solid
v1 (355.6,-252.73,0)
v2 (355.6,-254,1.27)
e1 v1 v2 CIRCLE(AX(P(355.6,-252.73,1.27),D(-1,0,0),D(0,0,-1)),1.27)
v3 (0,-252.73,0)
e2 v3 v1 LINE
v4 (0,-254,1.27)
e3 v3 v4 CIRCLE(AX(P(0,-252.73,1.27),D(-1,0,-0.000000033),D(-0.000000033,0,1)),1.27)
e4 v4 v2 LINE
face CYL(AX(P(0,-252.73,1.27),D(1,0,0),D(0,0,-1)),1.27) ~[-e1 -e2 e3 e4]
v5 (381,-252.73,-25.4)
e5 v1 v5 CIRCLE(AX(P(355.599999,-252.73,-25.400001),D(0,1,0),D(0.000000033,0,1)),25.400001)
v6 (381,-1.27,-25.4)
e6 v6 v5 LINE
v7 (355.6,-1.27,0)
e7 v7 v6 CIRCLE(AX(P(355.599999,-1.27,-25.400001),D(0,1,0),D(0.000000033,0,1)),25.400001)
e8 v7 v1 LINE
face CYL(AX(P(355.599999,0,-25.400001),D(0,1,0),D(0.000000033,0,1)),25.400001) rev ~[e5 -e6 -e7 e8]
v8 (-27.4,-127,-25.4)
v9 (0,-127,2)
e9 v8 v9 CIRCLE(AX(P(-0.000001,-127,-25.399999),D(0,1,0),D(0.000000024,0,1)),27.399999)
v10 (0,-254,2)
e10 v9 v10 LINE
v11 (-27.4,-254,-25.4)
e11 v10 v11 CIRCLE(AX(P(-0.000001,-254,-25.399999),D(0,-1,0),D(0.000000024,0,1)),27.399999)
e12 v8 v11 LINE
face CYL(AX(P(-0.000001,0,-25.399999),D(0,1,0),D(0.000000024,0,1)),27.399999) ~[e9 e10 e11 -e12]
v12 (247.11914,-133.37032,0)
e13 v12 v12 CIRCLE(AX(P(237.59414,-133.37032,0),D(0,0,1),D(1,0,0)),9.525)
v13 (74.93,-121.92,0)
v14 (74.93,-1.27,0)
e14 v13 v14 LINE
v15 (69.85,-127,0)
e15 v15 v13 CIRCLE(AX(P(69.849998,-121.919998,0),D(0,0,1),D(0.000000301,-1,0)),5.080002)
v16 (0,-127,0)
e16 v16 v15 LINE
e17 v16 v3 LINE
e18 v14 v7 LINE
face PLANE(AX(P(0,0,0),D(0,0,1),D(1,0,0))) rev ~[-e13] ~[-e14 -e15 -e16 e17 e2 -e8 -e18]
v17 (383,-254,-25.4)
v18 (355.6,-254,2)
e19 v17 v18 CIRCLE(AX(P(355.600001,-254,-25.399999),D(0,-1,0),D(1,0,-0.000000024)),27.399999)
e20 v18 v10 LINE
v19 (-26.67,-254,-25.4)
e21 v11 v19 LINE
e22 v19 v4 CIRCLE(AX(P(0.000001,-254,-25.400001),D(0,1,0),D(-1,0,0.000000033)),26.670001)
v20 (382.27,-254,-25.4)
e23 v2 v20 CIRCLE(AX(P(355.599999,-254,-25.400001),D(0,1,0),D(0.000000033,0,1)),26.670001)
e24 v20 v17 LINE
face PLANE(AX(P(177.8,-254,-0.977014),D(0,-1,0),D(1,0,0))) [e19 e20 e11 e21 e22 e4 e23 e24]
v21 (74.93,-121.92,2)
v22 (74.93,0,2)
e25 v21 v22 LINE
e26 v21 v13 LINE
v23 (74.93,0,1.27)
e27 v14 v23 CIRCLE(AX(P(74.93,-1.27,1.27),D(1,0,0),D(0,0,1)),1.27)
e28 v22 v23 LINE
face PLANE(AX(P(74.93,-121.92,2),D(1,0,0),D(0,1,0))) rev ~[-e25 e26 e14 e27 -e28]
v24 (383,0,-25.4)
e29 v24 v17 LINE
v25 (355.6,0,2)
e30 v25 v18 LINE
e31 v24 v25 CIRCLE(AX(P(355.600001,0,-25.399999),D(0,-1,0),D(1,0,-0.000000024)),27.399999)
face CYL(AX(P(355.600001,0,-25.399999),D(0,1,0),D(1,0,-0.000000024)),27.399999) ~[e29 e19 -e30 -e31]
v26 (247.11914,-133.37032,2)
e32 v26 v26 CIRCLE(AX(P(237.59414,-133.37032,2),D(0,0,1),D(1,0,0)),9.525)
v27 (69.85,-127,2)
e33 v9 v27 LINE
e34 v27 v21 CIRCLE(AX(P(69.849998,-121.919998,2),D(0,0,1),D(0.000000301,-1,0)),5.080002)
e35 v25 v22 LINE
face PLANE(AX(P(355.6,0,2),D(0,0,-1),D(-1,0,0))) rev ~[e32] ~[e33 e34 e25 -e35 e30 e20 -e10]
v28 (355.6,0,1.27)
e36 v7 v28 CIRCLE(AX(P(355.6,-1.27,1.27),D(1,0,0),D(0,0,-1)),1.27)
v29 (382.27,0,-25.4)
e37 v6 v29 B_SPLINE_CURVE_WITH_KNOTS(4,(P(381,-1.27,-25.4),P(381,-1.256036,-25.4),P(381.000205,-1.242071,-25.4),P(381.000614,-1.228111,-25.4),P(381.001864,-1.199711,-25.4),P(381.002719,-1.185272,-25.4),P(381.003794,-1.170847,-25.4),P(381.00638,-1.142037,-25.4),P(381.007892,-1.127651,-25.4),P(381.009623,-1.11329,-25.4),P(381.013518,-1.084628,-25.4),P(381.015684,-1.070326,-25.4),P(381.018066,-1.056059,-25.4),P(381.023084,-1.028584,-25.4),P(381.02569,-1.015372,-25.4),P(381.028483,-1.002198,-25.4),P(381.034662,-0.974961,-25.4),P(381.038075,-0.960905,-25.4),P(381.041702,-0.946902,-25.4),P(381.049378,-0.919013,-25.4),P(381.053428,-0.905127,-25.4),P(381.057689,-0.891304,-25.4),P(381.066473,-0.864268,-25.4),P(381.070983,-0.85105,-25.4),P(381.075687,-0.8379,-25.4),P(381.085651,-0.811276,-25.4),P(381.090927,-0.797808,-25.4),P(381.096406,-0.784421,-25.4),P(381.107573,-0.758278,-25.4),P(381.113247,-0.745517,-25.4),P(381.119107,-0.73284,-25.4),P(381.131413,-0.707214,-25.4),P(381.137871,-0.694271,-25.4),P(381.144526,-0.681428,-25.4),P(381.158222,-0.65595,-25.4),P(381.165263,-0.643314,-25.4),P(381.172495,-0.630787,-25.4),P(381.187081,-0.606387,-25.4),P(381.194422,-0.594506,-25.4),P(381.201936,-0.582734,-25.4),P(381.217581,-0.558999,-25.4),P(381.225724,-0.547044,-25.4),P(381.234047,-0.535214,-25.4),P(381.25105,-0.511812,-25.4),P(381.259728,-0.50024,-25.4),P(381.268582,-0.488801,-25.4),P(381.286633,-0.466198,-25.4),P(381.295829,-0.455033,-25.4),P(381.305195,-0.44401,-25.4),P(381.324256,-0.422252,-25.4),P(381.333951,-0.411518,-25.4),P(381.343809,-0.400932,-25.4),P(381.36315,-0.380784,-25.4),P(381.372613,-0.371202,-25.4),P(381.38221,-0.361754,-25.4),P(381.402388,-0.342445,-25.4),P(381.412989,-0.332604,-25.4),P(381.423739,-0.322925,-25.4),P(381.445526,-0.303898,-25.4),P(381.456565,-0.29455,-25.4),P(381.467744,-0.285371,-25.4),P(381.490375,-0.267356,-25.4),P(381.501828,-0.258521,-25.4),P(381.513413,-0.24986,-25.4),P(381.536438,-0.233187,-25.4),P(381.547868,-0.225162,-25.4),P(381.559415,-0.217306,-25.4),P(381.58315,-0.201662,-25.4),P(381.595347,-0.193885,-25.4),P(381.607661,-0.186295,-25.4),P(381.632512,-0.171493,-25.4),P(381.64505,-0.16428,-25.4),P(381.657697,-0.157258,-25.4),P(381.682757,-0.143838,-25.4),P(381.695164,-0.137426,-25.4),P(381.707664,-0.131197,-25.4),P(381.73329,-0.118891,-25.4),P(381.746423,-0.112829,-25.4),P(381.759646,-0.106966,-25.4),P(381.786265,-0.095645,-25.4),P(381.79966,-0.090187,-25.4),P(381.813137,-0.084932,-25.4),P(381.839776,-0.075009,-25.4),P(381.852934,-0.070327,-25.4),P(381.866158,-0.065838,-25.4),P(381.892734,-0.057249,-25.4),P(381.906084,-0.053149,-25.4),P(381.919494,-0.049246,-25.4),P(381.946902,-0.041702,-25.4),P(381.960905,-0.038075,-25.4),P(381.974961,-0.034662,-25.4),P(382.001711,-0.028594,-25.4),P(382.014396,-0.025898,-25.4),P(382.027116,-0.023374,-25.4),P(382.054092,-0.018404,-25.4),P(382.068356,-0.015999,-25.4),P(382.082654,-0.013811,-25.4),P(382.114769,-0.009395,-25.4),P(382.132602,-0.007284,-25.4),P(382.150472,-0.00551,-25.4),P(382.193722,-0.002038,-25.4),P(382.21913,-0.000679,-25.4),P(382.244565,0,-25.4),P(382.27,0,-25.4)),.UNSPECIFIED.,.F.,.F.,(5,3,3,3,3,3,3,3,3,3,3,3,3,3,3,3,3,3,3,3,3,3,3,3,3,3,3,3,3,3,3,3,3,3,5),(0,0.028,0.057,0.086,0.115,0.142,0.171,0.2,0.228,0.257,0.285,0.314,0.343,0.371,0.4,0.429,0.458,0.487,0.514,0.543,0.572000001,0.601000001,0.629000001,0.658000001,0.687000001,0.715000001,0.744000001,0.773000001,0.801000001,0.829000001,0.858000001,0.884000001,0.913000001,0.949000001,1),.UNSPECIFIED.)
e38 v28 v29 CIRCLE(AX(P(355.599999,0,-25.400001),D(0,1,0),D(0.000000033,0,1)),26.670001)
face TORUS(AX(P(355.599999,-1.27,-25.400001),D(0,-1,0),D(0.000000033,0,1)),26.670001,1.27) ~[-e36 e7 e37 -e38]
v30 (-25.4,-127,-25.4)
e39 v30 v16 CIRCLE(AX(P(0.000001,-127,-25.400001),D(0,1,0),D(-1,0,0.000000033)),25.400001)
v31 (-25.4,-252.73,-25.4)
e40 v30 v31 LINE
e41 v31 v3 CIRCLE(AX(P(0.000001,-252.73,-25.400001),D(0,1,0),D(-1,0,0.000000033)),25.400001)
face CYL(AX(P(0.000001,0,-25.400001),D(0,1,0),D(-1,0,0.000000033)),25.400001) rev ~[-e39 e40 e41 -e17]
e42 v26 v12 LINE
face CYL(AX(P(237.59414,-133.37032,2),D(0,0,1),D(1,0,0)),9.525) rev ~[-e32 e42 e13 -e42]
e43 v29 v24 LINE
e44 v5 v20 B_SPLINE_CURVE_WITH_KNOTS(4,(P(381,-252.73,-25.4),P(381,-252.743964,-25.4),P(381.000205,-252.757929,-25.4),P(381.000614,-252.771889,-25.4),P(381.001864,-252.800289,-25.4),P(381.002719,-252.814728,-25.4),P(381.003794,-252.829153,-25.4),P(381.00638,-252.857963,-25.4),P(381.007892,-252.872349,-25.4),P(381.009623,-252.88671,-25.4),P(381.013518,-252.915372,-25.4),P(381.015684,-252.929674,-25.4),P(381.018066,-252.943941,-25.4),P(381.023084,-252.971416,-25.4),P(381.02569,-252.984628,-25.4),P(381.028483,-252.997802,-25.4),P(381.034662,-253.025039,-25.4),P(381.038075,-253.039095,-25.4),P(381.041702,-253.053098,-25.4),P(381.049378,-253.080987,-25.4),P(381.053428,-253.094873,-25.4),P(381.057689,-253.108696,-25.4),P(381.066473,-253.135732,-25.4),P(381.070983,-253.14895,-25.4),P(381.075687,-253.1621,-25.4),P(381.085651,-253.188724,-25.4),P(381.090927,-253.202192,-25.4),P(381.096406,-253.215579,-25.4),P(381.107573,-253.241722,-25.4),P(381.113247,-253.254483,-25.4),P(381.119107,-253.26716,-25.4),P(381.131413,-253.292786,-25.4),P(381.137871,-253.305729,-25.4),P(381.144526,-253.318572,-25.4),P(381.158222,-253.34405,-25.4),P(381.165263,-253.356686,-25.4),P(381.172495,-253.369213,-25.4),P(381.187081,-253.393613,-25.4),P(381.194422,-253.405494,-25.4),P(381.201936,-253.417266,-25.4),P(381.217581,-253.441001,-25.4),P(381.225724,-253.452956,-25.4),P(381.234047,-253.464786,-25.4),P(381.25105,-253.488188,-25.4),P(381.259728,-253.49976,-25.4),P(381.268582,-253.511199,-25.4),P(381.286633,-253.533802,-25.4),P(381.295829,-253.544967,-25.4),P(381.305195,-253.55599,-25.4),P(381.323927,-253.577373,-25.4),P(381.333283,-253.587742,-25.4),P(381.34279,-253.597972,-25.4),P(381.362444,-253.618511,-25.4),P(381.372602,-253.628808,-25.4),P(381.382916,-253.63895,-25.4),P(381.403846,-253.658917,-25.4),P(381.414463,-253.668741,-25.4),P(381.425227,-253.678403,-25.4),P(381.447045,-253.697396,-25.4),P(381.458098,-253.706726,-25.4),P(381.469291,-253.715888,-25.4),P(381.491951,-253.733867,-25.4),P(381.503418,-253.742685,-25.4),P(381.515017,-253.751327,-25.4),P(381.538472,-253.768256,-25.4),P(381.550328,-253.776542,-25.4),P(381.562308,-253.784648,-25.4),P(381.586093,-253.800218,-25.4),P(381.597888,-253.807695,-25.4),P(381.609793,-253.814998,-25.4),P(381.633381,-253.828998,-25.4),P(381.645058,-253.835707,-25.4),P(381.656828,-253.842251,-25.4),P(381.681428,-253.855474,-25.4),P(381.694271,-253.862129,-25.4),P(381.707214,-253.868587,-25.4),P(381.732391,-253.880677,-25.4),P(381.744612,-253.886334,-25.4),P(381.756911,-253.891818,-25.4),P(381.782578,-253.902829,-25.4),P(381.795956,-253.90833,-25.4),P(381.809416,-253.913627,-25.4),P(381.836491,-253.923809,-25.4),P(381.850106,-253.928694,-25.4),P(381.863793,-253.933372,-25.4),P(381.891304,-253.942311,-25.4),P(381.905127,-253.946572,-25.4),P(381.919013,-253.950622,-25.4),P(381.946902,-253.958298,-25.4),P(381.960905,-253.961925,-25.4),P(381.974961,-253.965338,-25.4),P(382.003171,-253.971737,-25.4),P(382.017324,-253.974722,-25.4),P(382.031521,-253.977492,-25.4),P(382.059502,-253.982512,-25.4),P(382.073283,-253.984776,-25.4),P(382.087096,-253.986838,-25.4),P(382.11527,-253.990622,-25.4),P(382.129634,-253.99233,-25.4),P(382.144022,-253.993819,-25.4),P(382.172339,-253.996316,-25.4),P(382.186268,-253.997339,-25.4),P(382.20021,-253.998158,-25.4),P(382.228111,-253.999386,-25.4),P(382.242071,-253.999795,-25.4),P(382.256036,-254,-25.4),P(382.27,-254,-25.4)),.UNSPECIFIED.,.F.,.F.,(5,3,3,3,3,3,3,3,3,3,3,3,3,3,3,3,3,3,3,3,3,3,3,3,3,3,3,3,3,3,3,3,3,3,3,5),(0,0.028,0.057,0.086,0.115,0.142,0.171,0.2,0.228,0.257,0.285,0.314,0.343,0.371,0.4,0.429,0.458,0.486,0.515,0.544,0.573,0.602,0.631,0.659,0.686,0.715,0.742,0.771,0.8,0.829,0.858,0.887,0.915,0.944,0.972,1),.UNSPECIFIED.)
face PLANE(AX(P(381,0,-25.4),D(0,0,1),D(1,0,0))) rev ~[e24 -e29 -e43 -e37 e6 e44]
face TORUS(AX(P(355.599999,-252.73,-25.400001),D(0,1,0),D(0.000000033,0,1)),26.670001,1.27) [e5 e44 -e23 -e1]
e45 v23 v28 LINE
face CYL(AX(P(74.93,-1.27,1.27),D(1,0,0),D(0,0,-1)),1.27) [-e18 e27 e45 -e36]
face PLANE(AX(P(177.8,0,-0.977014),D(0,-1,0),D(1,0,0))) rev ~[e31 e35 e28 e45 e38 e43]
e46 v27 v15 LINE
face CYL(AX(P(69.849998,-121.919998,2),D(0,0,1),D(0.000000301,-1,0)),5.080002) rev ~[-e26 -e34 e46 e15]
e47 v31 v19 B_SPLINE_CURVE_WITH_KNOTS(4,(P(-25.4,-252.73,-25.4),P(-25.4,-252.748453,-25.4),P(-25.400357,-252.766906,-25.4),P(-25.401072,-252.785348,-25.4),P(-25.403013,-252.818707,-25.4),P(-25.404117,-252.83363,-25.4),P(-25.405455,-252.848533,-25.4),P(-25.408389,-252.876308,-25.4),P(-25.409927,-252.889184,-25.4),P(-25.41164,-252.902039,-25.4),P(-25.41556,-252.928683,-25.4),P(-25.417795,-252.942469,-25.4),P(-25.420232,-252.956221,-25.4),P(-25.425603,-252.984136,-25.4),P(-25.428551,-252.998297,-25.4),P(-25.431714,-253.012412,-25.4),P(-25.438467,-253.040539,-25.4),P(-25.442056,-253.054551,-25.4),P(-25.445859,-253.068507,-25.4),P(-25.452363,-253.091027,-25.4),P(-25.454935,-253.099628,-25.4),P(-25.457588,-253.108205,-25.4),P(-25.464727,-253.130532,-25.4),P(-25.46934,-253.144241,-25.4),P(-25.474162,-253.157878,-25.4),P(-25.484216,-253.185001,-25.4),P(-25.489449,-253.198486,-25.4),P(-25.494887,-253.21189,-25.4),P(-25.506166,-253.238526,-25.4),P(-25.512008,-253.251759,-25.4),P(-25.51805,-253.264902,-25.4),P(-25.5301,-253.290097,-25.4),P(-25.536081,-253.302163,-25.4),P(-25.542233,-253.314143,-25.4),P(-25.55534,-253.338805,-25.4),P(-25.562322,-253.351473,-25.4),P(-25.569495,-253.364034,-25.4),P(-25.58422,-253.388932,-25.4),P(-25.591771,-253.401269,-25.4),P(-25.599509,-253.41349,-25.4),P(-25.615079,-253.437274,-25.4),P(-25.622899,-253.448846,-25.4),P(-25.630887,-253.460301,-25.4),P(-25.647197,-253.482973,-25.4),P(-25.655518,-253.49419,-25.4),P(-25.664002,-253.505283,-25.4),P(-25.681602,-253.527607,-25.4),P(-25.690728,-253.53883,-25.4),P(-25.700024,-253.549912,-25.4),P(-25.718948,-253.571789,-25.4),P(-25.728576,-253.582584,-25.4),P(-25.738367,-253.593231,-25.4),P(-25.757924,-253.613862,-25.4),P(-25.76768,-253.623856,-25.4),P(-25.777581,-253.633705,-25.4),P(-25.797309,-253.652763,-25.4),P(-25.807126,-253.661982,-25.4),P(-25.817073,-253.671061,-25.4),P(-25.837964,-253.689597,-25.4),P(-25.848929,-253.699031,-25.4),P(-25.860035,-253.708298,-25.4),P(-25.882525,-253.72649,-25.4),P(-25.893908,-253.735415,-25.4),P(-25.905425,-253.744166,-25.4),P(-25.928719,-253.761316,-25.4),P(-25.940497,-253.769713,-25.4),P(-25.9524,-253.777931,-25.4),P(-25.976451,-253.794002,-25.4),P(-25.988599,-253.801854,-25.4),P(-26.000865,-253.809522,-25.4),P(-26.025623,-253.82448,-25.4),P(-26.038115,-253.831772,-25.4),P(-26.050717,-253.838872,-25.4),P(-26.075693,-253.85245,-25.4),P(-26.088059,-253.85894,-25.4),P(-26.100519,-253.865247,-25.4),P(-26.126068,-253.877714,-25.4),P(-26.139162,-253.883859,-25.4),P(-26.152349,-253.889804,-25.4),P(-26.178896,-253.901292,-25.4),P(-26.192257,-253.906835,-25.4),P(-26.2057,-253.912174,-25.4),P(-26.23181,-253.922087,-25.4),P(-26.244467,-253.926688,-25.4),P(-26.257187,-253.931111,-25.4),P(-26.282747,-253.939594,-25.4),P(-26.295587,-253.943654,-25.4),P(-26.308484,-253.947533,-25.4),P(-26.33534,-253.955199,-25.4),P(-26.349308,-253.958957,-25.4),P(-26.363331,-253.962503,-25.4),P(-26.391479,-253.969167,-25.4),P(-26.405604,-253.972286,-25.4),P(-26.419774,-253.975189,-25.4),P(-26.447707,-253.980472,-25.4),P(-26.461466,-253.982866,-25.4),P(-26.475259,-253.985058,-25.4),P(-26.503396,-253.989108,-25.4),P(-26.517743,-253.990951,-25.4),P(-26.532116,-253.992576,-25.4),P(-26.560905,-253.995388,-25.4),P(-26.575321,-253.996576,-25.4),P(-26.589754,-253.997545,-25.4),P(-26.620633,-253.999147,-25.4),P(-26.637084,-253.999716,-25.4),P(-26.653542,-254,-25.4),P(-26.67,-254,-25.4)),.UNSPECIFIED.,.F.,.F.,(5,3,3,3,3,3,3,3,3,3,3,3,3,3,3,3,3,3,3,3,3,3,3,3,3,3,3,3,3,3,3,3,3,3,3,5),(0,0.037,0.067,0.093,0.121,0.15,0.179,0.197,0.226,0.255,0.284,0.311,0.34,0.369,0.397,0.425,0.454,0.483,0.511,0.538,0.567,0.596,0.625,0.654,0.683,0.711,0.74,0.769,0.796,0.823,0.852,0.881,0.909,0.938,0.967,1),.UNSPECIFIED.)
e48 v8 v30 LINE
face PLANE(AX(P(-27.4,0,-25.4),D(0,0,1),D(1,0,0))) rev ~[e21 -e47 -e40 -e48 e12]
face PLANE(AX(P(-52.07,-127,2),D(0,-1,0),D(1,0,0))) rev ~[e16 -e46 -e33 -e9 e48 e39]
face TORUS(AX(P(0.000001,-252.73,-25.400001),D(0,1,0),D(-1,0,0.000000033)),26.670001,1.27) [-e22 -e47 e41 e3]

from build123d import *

# Parameters (mm, degrees)
F1_DEPTH = 254
F3_DEPTH = 27.401
F4_W     = 101.6
F4_H     = 38.1
F5_DEPTH = 42.418
F6_R     = 1.27
F7_R     = 9.525
F8_DEPTH = 27.401


with BuildPart() as f1:
    # F0 (on Front) → F1 (new body)
    with BuildSketch(Plane.XZ):
        with BuildLine():
            ThreePointArc((-25.4, -25.4), (-17.960512, -7.439488), (0, 0))
            Line((0, 0), (355.6, 0))
            ThreePointArc((355.6, 0), (373.560512, -7.439488), (381, -25.4))
            Line((381, -25.4), (383, -25.4))
            ThreePointArc((383, -25.4), (374.974726, -6.025274), (355.6, 2))
            Line((355.6, 2), (0, 2))
            ThreePointArc((0, 2), (-19.374726, -6.025274), (-27.4, -25.4))
            Line((-27.4, -25.4), (-25.4, -25.4))
        make_face()
    extrude(amount=F1_DEPTH)

    # F2 (on face) → F3 (cut, through all)
    with BuildSketch(Plane.XY.offset(2)):
        with BuildLine():
            Line((74.93, 0), (50.8, 0))
            Line((50.8, 0), (-52.07, 0))
            Line((-52.07, 0), (-52.07, -101.6))
            Line((-52.07, -101.6), (-52.07, -127))
            Line((-52.07, -127), (0, -127))
            Line((0, -127), (69.85, -127))
            ThreePointArc((69.85, -127), (73.442102, -125.512102), (74.93, -121.92))
            Line((74.93, -121.92), (74.93, -25.4))
            Line((74.93, -25.4), (74.93, 0))
        make_face()
    extrude(amount=-F3_DEPTH, mode=Mode.SUBTRACT)

    # F4 (on Right) → F5 (cut)
    with BuildSketch(Plane.YZ):
        with Locations((-50.8, -19.05)):
            Rectangle(F4_W, F4_H)
    extrude(amount=-F5_DEPTH, mode=Mode.SUBTRACT)

    # F6
    f6_edges = [f1.edges().sort_by_distance(p)[0] for p in [
        (177.8, -254, 0),
        (215.265, 0, 0),
    ]]
    fillet(f6_edges, radius=F6_R)

    # F7 (on face) → F8 (cut, through all)
    with BuildSketch(Plane.XY.offset(2)):
        with Locations((237.59414, -133.37032)):
            Circle(F7_R)
    extrude(amount=-F8_DEPTH, mode=Mode.SUBTRACT)


solid = f1.part
